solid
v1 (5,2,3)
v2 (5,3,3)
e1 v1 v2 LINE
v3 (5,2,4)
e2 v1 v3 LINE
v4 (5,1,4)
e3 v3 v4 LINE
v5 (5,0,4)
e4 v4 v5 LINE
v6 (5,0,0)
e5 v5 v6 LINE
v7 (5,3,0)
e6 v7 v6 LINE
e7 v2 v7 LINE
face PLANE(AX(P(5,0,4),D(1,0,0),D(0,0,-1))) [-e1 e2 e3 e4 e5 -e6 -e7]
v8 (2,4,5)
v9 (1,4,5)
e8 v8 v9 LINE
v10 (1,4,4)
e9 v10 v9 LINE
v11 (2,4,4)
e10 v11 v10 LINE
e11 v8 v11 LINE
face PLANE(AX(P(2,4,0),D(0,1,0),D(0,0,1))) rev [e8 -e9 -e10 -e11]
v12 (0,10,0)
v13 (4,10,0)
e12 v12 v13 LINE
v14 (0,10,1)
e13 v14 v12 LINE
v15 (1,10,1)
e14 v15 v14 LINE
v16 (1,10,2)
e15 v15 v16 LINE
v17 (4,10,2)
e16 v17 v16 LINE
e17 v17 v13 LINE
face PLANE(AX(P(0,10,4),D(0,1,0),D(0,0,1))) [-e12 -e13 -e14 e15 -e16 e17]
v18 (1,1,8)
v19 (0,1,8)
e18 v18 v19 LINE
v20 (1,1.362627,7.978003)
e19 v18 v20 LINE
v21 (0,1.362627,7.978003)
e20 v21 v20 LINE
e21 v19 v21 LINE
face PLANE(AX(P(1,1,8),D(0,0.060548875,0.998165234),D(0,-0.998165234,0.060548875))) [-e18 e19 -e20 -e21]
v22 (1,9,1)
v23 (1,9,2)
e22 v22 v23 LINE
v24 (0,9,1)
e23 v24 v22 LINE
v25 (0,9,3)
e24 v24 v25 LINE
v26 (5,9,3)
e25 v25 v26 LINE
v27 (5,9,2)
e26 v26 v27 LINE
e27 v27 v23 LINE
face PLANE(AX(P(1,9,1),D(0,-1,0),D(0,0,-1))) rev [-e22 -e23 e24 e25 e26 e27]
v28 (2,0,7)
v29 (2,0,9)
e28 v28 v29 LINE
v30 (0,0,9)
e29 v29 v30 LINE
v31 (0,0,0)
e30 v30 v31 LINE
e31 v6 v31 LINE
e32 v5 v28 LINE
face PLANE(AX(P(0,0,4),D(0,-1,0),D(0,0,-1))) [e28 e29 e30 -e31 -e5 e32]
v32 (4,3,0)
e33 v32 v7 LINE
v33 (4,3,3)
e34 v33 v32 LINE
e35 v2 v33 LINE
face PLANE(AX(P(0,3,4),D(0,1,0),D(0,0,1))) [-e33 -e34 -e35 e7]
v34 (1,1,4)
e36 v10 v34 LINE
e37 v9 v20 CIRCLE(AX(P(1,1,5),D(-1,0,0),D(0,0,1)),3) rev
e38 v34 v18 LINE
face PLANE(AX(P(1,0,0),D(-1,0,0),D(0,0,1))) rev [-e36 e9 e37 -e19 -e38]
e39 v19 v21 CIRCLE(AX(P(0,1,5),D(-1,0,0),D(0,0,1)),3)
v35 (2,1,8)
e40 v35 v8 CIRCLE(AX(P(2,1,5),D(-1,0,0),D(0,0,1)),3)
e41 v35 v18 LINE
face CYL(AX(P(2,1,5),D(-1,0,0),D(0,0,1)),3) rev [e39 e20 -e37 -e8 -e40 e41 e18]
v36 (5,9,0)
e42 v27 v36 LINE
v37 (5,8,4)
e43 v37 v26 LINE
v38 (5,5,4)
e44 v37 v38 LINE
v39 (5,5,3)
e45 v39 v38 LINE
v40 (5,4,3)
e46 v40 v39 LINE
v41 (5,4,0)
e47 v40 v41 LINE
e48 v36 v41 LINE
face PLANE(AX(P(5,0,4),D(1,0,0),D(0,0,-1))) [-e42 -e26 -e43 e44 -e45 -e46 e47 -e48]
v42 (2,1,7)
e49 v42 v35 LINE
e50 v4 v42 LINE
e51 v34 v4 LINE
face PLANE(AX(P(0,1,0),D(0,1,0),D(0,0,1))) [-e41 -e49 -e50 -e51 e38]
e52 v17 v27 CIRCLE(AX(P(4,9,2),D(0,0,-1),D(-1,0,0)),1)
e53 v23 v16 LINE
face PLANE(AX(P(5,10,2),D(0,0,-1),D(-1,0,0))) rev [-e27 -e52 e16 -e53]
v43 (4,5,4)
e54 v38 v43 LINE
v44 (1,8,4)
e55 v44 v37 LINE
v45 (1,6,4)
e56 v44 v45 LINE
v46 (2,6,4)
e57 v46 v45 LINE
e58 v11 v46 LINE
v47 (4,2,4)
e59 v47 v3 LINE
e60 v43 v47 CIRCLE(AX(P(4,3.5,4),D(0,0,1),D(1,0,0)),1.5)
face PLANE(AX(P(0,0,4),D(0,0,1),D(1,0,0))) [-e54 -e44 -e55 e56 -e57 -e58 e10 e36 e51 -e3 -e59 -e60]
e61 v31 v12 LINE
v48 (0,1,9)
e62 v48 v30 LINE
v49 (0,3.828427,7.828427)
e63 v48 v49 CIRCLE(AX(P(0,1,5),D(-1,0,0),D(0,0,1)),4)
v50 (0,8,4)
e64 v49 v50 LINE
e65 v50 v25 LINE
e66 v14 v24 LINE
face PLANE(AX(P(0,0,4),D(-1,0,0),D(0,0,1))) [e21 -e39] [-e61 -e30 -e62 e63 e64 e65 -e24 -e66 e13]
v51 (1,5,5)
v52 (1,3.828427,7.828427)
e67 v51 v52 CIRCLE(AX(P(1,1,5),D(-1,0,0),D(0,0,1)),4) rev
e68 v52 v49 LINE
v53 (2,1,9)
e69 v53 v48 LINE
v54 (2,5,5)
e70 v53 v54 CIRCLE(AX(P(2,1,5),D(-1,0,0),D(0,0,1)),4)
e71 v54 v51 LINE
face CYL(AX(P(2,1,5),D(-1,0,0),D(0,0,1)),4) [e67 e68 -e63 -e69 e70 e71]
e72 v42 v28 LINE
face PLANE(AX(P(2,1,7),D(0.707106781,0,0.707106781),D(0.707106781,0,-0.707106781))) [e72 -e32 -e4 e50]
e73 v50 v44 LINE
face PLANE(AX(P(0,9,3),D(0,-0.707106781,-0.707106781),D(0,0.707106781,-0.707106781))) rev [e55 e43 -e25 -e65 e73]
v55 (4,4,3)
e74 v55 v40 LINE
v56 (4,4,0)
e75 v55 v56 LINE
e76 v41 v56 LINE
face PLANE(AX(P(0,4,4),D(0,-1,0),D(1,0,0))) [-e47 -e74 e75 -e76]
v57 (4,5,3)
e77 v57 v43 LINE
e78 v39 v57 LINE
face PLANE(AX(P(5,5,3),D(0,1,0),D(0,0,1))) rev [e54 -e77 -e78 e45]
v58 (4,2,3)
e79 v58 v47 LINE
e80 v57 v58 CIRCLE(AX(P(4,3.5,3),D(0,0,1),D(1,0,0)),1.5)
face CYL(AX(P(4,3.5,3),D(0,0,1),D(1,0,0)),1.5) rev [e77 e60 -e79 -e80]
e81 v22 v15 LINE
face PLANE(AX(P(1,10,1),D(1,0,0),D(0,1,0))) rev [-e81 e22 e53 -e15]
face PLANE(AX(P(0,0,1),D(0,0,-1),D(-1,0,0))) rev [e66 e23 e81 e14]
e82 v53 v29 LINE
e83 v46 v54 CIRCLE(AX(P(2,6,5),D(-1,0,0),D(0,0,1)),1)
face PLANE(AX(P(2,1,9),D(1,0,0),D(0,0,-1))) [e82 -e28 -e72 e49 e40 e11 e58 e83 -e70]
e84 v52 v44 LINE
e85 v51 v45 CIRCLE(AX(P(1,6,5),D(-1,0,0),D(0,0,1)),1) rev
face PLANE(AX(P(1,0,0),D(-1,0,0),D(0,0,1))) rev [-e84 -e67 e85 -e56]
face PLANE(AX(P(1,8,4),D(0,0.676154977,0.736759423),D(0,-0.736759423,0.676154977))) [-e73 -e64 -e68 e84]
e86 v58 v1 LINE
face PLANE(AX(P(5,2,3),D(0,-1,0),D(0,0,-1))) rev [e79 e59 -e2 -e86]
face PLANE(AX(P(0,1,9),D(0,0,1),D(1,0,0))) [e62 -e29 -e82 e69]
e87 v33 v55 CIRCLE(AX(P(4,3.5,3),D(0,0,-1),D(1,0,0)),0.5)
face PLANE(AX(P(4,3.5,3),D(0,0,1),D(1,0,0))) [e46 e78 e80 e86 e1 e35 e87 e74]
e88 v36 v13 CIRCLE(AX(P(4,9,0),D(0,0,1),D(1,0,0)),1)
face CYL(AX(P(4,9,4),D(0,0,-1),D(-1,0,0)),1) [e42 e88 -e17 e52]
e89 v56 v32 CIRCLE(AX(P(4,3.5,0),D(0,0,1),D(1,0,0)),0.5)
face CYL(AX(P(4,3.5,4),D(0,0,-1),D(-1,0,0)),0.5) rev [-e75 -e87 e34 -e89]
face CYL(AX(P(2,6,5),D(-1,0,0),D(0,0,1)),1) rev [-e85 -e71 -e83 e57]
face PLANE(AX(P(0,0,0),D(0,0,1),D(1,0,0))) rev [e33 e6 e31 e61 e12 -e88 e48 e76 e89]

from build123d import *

# Parameters (mm, degrees)
BOSS_EXTRUDE1_DEPTH = 4
CUT_EXTRUDE1_DEPTH  = 1
SKETCH3_W           = 1
SKETCH3_H           = 1
CUT_EXTRUDE2_DEPTH  = 3
SKETCH4_W           = 2
SKETCH4_H           = 1
CUT_EXTRUDE4_DEPTH  = 6
CUT_EXTRUDE5_DEPTH  = 6
BOSS_EXTRUDE2_DEPTH = 1
BOSS_EXTRUDE3_DEPTH = 2
BOSS_EXTRUDE4_DEPTH = 1


with BuildPart() as part:
    # Sketch1 → Boss-Extrude1 (new body)
    with BuildSketch(Plane.XY):
        with BuildLine():
            Line((0, 9), (5, 9))
            ThreePointArc((5, 9), (4.707106781, 9.707106781), (4, 10))
            Line((4, 10), (0, 10))
            Line((0, 10), (0, 9))
        make_face()
        with BuildLine():
            ThreePointArc((4, 4), (3.5, 3.5), (4, 3))
            Line((4, 3), (5, 3))
            Line((5, 3), (5, 0))
            Line((5, 0), (0, 0))
            Line((0, 0), (0, 9))
            Line((0, 9), (5, 9))
            Line((5, 9), (5, 4))
            Line((5, 4), (4, 4))
        make_face()
    extrude(amount=BOSS_EXTRUDE1_DEPTH)

    # Sketch2 → Cut-Extrude1 (cut)
    with BuildSketch(Plane.XY.offset(4)):
        with BuildLine():
            Line((5, 3), (5, 2))
            Line((5, 2), (4, 2))
            ThreePointArc((4, 2), (2.5, 3.5), (4, 5))
            Line((4, 5), (5, 5))
            Line((5, 5), (5, 4))
            Line((5, 4), (4, 4))
            ThreePointArc((4, 4), (3.5, 3.5), (4, 3))
            Line((4, 3), (5, 3))
        make_face()
    extrude(amount=-CUT_EXTRUDE1_DEPTH, mode=Mode.SUBTRACT)

    # Sketch3 → Cut-Extrude2 (cut)
    with BuildSketch(Plane.XY.offset(4)):
        with Locations((0.5, 9.5)):
            Rectangle(SKETCH3_W, SKETCH3_H)
    extrude(amount=-CUT_EXTRUDE2_DEPTH, mode=Mode.SUBTRACT)

    # Sketch4 → Cut-Extrude4 (cut, through all)
    with BuildSketch(Plane.ZY):
        with Locations((3, 9.5)):
            Rectangle(SKETCH4_W, SKETCH4_H)
    extrude(amount=-CUT_EXTRUDE4_DEPTH, mode=Mode.SUBTRACT)

    # Sketch5 → Cut-Extrude5 (cut, through all)
    with BuildSketch(Plane(origin=(5, 0, 0), x_dir=(0, 0, -1), z_dir=(1, 0, 0))):
        Polygon((-3, 9), (-4, 8), (-4, 9), align=None)
    extrude(amount=-CUT_EXTRUDE5_DEPTH, mode=Mode.SUBTRACT)

    # Sketch6 → Boss-Extrude2 (add)
    with BuildSketch(Plane.XZ):
        Polygon((0, 4), (0, 9), (2, 9), (2, 7), (5, 4), align=None)
    extrude(amount=-BOSS_EXTRUDE2_DEPTH)

    # Sketch7 → Boss-Extrude3 (add)
    with BuildSketch(Plane.ZY):
        with BuildLine():
            Line((8, 1), (9, 1))
            ThreePointArc((9, 1), (7.828427125, 3.828427125), (5, 5))
            ThreePointArc((5, 5), (4.292893219, 5.292893219), (4, 6))
            Line((4, 6), (4, 4))
            Line((4, 4), (5, 4))
            ThreePointArc((5, 4), (7.121320344, 3.121320344), (8, 1))
        make_face()
    extrude(amount=-BOSS_EXTRUDE3_DEPTH)

    # Sketch9 → Boss-Extrude4 (add)
    with BuildSketch(Plane.ZY):
        Polygon((4, 8), (7.828427125, 3.828427125), (8, 1), (4, 1), align=None)
    extrude(amount=-BOSS_EXTRUDE4_DEPTH)


solid = part.part
